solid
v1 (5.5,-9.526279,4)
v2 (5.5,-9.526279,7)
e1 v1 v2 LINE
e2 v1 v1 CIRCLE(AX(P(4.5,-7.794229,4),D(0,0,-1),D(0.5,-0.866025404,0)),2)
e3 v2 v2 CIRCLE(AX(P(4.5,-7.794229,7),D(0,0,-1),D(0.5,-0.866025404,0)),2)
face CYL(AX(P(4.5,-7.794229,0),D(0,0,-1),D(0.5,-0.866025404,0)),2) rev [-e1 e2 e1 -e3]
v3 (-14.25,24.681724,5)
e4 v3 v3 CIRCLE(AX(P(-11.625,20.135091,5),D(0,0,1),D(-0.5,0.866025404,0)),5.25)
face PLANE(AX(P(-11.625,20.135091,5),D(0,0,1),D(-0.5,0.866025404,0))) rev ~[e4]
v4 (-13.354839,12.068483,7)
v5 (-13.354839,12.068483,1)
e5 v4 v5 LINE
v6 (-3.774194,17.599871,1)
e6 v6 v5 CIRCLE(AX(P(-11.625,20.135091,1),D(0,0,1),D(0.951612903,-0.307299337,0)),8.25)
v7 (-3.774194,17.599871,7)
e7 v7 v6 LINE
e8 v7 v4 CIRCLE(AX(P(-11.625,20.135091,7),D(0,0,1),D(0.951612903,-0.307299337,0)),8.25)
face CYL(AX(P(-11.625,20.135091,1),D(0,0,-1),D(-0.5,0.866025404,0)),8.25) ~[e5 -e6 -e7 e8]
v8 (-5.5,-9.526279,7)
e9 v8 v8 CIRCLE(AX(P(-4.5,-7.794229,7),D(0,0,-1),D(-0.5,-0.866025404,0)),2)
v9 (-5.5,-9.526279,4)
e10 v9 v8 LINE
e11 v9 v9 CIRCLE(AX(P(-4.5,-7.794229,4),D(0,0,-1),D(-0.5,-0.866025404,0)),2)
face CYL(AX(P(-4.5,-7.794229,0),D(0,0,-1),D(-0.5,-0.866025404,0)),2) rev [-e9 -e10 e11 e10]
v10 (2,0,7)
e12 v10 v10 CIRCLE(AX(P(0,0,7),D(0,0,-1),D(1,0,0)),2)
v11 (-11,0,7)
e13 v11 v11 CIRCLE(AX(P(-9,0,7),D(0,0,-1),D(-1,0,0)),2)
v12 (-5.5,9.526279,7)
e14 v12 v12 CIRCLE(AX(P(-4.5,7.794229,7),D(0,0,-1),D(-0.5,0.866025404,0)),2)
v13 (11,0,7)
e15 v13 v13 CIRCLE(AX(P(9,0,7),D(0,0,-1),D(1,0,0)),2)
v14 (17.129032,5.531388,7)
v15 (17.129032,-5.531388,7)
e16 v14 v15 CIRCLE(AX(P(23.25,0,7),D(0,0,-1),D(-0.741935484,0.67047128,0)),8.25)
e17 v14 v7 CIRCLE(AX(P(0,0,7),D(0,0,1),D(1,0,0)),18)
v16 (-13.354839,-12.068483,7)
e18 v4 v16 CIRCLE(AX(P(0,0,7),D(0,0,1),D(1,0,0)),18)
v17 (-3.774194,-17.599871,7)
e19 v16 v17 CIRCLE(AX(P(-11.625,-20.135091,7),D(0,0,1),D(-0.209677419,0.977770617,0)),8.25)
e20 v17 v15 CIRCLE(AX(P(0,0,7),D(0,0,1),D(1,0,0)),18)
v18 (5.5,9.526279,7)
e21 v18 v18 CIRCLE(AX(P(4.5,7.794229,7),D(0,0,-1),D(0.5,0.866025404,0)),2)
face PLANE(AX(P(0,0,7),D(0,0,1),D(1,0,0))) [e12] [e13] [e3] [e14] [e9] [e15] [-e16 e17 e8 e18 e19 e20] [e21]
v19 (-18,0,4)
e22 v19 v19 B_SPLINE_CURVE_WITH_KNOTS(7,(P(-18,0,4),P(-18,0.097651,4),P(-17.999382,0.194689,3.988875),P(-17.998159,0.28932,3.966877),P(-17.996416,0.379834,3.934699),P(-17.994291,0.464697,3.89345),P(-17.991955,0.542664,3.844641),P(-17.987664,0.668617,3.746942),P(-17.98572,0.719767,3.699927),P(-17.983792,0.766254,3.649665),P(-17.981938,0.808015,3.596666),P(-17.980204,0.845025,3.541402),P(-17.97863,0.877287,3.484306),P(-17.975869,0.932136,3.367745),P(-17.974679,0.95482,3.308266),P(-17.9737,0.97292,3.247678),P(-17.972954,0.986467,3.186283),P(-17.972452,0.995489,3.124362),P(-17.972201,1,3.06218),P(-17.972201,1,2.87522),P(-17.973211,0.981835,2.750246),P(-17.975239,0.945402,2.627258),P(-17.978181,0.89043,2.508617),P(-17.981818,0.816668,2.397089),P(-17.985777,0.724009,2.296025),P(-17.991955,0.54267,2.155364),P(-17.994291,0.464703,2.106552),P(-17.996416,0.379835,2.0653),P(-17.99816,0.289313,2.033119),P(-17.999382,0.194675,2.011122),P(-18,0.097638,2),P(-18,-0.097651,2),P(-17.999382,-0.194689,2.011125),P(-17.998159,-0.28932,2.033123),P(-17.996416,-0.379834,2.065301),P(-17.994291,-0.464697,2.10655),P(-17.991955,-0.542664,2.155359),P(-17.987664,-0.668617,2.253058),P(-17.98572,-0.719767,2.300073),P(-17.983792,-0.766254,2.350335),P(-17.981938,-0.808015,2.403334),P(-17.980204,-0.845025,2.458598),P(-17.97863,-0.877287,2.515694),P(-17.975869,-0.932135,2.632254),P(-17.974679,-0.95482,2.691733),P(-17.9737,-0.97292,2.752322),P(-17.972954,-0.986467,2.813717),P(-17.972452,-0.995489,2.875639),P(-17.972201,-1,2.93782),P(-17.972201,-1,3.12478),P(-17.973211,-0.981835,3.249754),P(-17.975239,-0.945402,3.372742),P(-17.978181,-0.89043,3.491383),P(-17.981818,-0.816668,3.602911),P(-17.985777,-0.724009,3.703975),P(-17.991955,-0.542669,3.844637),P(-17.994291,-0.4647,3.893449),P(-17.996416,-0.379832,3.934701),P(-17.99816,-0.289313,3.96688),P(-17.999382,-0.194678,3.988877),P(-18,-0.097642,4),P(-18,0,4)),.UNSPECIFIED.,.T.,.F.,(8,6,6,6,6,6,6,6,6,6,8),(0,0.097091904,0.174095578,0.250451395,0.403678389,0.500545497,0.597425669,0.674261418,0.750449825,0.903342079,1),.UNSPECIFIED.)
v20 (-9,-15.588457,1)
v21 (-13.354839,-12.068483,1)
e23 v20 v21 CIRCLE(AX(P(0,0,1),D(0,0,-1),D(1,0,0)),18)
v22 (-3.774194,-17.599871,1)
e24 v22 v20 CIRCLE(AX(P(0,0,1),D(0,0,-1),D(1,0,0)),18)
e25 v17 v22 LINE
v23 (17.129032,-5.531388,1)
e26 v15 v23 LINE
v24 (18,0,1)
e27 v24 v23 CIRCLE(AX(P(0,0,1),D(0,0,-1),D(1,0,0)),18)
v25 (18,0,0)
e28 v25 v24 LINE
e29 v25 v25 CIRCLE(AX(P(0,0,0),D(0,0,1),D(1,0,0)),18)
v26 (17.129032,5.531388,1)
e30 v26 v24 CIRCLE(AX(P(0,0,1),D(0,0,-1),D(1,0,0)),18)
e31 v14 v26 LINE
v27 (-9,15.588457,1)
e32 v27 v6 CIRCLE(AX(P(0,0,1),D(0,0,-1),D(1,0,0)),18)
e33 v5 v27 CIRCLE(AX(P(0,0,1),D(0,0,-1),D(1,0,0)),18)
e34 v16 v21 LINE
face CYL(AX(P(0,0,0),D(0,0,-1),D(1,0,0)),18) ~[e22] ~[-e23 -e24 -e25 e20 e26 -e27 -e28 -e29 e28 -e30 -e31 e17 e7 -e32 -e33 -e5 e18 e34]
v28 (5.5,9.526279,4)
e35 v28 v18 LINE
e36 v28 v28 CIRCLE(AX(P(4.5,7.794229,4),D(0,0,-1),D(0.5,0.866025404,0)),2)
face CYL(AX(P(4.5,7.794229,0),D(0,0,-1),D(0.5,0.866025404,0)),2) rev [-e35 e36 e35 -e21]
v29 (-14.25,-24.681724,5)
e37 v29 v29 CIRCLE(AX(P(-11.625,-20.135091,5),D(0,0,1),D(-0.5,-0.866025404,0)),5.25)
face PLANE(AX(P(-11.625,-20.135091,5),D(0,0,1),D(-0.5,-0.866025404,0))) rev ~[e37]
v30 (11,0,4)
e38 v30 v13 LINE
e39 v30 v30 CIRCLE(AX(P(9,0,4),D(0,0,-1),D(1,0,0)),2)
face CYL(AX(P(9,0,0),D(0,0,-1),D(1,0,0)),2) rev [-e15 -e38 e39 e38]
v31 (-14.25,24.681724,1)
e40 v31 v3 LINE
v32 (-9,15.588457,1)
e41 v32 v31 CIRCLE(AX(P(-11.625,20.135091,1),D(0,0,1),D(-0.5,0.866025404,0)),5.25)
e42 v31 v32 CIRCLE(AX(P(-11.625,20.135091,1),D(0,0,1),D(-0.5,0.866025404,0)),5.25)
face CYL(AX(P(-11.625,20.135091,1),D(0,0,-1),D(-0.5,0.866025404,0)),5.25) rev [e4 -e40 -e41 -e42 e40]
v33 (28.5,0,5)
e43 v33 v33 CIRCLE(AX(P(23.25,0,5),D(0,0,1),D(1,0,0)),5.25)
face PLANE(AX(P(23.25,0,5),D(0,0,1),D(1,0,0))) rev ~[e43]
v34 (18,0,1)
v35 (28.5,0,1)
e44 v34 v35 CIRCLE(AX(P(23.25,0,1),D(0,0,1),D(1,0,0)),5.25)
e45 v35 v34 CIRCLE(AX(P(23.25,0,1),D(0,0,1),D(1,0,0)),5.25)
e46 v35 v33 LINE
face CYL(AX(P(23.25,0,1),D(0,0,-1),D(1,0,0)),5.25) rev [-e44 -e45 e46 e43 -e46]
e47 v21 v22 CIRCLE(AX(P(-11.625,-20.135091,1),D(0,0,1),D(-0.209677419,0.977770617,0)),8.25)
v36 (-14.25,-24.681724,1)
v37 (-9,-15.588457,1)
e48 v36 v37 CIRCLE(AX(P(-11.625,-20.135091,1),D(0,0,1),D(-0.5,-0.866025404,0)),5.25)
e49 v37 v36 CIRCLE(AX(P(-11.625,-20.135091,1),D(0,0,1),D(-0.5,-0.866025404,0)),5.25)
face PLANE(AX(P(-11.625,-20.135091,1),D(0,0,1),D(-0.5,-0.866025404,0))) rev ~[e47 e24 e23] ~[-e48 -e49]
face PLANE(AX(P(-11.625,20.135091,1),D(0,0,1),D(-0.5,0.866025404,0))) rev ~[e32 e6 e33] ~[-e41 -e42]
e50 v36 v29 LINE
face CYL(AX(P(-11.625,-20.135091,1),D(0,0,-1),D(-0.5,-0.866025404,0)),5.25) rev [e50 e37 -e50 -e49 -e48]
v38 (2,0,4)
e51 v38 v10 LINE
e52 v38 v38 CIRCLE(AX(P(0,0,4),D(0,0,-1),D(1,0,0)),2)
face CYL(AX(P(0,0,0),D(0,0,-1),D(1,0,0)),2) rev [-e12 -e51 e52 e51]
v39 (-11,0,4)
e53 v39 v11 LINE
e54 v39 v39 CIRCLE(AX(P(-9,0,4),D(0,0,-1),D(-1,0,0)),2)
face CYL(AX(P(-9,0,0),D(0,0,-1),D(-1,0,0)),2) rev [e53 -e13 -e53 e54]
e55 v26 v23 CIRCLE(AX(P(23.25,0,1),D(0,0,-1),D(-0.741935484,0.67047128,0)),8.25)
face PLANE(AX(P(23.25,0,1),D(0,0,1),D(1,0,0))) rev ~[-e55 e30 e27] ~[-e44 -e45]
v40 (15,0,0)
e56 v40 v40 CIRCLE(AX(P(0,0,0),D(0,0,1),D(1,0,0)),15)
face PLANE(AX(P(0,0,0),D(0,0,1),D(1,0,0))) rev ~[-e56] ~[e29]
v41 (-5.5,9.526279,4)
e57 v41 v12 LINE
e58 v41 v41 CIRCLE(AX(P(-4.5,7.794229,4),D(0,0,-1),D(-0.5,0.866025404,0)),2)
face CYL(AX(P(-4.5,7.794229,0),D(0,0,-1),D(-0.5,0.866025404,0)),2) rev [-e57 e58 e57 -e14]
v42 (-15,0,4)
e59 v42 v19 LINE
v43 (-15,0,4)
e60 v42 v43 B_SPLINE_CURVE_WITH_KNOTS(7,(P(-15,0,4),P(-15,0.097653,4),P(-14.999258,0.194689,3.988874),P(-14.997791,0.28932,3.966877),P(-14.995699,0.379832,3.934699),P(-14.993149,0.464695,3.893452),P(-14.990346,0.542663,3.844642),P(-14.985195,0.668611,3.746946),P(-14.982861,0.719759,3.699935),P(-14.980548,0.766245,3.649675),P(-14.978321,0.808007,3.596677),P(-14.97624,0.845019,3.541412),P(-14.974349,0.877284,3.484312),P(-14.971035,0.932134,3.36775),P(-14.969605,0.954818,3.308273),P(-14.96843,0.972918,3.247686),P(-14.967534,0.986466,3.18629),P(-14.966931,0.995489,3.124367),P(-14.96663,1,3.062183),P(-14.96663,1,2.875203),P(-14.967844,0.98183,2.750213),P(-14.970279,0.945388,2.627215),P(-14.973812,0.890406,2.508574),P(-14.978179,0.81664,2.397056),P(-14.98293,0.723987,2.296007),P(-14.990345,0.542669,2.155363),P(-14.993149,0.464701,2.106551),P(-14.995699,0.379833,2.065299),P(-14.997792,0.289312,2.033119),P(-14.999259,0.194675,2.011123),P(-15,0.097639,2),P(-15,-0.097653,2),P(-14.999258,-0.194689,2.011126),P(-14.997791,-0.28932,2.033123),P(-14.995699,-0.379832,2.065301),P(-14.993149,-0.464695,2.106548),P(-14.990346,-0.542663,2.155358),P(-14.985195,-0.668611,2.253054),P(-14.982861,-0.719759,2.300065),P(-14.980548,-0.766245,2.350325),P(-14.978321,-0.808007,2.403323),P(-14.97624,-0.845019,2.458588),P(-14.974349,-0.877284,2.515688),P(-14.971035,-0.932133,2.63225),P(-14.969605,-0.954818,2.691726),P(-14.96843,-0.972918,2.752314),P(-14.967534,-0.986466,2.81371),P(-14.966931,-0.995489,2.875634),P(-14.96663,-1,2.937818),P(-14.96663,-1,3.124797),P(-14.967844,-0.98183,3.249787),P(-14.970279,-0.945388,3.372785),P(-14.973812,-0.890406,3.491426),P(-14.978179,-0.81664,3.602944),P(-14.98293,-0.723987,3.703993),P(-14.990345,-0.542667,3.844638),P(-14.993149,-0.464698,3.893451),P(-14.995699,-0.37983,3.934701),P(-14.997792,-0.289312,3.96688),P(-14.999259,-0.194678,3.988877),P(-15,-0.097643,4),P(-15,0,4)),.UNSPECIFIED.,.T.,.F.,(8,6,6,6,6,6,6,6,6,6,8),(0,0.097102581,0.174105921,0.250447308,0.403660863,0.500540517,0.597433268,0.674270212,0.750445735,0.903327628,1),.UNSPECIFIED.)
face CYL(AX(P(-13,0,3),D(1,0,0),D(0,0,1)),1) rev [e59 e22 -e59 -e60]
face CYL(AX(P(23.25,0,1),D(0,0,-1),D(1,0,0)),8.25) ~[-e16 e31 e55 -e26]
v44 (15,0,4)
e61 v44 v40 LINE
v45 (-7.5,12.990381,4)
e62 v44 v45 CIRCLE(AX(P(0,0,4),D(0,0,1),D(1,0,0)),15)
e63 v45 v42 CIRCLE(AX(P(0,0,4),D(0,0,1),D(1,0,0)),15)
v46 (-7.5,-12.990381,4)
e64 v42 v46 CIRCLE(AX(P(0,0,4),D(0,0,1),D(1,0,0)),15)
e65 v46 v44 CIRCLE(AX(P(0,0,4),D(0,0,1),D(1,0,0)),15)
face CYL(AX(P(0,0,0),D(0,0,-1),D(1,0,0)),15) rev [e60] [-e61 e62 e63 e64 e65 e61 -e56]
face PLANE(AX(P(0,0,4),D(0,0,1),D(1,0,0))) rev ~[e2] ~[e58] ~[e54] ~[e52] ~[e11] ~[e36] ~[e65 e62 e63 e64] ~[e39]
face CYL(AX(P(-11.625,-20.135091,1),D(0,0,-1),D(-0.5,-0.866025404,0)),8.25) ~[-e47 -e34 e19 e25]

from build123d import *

# Parameters (mm, degrees)
CYLINDER008_R     = 2
CYLINDER008_DEPTH = 10
ARRAY002_COUNT    = 6
CYLINDER035_R     = 1
CYLINDER035_DEPTH = 10
CYLINDER009_R     = 2
CYLINDER009_DEPTH = 10
CYLINDER001_R     = 15
CYLINDER001_DEPTH = 4
CYLINDER_R        = 18
CYLINDER_DEPTH    = 7
CYLINDER002_R     = 5.25
CYLINDER002_DEPTH = 4
CYLINDER003_R     = 8.25
CYLINDER003_DEPTH = 6
ARRAY_COUNT       = 3


with BuildPart() as array002:
    # Cylinder008 → Cylinder008 (new body)
    with BuildSketch(Plane(origin=(9, 0, 0), x_dir=(1, 0, 0), z_dir=(0, 0, 1))):
        Circle(CYLINDER008_R)
    extrude(amount=CYLINDER008_DEPTH)

    # Array002: Array002 ×6 about axis
    array002_axis = Axis((0, 0, 0), (0, 0, 1))


with BuildPart() as array002_1:
    add(array002.part)
    for i in range(1, ARRAY002_COUNT):
        add(array002.part.rotate(array002_axis, i * 360 / ARRAY002_COUNT))


with BuildPart() as cylinder010:
    # Cylinder035 → Cylinder035 (new body)
    with BuildSketch(Plane(origin=(-13, 0, 3), x_dir=(0, 0, 1), z_dir=(-1, 0, 0))):
        Circle(CYLINDER035_R)
    extrude(amount=CYLINDER035_DEPTH)


with BuildPart() as fusion027:
    # Cylinder009 → Cylinder009 (new body)
    with BuildSketch(Plane.XY):
        Circle(CYLINDER009_R)
    extrude(amount=CYLINDER009_DEPTH)

    # Fusion027: union Array002, Cylinder010
    add(array002_1.part)
    add(cylinder010.part)


with BuildPart() as cylinder001:
    # Cylinder001 → Cylinder001 (new body)
    with BuildSketch(Plane.XY):
        Circle(CYLINDER001_R)
    extrude(amount=CYLINDER001_DEPTH)


with BuildPart() as cut:
    # Cylinder → Cylinder (new body)
    with BuildSketch(Plane.XY):
        Circle(CYLINDER_R)
    extrude(amount=CYLINDER_DEPTH)

    # Cut: cut Cylinder001
    add(cylinder001.part, mode=Mode.SUBTRACT)


with BuildPart() as cylinder002:
    # Cylinder002 → Cylinder002 (new body)
    with BuildSketch(Plane.XY):
        Circle(CYLINDER002_R)
    extrude(amount=CYLINDER002_DEPTH)


with BuildPart() as toplevelpart_materialtestholder:
    # Cylinder003 → Cylinder003 (new body)
    with BuildSketch(Plane.XY):
        Circle(CYLINDER003_R)
    extrude(amount=CYLINDER003_DEPTH)

    # Cut001: cut Cylinder002
    add(cylinder002.part, mode=Mode.SUBTRACT)


with BuildPart() as toplevelpart_materialtestholder_1:
    # Cut001 placement: moved
    add(toplevelpart_materialtestholder.part.moved(Location((23.25, 0, 1))))

    # Array: TopLevelPart-MaterialTestHolder ×3 about axis
    array_axis = Axis((0, 0, 0), (0, 0, 1))


with BuildPart() as toplevelpart_materialtestholder_2:
    add(toplevelpart_materialtestholder_1.part)
    for i in range(1, ARRAY_COUNT):
        add(toplevelpart_materialtestholder_1.part.rotate(array_axis, i * 360 / ARRAY_COUNT))

    # Fusion: union Cut
    add(cut.part)

    # Cut006: cut Fusion027
    add(fusion027.part, mode=Mode.SUBTRACT)


solid = toplevelpart_materialtestholder_2.part
